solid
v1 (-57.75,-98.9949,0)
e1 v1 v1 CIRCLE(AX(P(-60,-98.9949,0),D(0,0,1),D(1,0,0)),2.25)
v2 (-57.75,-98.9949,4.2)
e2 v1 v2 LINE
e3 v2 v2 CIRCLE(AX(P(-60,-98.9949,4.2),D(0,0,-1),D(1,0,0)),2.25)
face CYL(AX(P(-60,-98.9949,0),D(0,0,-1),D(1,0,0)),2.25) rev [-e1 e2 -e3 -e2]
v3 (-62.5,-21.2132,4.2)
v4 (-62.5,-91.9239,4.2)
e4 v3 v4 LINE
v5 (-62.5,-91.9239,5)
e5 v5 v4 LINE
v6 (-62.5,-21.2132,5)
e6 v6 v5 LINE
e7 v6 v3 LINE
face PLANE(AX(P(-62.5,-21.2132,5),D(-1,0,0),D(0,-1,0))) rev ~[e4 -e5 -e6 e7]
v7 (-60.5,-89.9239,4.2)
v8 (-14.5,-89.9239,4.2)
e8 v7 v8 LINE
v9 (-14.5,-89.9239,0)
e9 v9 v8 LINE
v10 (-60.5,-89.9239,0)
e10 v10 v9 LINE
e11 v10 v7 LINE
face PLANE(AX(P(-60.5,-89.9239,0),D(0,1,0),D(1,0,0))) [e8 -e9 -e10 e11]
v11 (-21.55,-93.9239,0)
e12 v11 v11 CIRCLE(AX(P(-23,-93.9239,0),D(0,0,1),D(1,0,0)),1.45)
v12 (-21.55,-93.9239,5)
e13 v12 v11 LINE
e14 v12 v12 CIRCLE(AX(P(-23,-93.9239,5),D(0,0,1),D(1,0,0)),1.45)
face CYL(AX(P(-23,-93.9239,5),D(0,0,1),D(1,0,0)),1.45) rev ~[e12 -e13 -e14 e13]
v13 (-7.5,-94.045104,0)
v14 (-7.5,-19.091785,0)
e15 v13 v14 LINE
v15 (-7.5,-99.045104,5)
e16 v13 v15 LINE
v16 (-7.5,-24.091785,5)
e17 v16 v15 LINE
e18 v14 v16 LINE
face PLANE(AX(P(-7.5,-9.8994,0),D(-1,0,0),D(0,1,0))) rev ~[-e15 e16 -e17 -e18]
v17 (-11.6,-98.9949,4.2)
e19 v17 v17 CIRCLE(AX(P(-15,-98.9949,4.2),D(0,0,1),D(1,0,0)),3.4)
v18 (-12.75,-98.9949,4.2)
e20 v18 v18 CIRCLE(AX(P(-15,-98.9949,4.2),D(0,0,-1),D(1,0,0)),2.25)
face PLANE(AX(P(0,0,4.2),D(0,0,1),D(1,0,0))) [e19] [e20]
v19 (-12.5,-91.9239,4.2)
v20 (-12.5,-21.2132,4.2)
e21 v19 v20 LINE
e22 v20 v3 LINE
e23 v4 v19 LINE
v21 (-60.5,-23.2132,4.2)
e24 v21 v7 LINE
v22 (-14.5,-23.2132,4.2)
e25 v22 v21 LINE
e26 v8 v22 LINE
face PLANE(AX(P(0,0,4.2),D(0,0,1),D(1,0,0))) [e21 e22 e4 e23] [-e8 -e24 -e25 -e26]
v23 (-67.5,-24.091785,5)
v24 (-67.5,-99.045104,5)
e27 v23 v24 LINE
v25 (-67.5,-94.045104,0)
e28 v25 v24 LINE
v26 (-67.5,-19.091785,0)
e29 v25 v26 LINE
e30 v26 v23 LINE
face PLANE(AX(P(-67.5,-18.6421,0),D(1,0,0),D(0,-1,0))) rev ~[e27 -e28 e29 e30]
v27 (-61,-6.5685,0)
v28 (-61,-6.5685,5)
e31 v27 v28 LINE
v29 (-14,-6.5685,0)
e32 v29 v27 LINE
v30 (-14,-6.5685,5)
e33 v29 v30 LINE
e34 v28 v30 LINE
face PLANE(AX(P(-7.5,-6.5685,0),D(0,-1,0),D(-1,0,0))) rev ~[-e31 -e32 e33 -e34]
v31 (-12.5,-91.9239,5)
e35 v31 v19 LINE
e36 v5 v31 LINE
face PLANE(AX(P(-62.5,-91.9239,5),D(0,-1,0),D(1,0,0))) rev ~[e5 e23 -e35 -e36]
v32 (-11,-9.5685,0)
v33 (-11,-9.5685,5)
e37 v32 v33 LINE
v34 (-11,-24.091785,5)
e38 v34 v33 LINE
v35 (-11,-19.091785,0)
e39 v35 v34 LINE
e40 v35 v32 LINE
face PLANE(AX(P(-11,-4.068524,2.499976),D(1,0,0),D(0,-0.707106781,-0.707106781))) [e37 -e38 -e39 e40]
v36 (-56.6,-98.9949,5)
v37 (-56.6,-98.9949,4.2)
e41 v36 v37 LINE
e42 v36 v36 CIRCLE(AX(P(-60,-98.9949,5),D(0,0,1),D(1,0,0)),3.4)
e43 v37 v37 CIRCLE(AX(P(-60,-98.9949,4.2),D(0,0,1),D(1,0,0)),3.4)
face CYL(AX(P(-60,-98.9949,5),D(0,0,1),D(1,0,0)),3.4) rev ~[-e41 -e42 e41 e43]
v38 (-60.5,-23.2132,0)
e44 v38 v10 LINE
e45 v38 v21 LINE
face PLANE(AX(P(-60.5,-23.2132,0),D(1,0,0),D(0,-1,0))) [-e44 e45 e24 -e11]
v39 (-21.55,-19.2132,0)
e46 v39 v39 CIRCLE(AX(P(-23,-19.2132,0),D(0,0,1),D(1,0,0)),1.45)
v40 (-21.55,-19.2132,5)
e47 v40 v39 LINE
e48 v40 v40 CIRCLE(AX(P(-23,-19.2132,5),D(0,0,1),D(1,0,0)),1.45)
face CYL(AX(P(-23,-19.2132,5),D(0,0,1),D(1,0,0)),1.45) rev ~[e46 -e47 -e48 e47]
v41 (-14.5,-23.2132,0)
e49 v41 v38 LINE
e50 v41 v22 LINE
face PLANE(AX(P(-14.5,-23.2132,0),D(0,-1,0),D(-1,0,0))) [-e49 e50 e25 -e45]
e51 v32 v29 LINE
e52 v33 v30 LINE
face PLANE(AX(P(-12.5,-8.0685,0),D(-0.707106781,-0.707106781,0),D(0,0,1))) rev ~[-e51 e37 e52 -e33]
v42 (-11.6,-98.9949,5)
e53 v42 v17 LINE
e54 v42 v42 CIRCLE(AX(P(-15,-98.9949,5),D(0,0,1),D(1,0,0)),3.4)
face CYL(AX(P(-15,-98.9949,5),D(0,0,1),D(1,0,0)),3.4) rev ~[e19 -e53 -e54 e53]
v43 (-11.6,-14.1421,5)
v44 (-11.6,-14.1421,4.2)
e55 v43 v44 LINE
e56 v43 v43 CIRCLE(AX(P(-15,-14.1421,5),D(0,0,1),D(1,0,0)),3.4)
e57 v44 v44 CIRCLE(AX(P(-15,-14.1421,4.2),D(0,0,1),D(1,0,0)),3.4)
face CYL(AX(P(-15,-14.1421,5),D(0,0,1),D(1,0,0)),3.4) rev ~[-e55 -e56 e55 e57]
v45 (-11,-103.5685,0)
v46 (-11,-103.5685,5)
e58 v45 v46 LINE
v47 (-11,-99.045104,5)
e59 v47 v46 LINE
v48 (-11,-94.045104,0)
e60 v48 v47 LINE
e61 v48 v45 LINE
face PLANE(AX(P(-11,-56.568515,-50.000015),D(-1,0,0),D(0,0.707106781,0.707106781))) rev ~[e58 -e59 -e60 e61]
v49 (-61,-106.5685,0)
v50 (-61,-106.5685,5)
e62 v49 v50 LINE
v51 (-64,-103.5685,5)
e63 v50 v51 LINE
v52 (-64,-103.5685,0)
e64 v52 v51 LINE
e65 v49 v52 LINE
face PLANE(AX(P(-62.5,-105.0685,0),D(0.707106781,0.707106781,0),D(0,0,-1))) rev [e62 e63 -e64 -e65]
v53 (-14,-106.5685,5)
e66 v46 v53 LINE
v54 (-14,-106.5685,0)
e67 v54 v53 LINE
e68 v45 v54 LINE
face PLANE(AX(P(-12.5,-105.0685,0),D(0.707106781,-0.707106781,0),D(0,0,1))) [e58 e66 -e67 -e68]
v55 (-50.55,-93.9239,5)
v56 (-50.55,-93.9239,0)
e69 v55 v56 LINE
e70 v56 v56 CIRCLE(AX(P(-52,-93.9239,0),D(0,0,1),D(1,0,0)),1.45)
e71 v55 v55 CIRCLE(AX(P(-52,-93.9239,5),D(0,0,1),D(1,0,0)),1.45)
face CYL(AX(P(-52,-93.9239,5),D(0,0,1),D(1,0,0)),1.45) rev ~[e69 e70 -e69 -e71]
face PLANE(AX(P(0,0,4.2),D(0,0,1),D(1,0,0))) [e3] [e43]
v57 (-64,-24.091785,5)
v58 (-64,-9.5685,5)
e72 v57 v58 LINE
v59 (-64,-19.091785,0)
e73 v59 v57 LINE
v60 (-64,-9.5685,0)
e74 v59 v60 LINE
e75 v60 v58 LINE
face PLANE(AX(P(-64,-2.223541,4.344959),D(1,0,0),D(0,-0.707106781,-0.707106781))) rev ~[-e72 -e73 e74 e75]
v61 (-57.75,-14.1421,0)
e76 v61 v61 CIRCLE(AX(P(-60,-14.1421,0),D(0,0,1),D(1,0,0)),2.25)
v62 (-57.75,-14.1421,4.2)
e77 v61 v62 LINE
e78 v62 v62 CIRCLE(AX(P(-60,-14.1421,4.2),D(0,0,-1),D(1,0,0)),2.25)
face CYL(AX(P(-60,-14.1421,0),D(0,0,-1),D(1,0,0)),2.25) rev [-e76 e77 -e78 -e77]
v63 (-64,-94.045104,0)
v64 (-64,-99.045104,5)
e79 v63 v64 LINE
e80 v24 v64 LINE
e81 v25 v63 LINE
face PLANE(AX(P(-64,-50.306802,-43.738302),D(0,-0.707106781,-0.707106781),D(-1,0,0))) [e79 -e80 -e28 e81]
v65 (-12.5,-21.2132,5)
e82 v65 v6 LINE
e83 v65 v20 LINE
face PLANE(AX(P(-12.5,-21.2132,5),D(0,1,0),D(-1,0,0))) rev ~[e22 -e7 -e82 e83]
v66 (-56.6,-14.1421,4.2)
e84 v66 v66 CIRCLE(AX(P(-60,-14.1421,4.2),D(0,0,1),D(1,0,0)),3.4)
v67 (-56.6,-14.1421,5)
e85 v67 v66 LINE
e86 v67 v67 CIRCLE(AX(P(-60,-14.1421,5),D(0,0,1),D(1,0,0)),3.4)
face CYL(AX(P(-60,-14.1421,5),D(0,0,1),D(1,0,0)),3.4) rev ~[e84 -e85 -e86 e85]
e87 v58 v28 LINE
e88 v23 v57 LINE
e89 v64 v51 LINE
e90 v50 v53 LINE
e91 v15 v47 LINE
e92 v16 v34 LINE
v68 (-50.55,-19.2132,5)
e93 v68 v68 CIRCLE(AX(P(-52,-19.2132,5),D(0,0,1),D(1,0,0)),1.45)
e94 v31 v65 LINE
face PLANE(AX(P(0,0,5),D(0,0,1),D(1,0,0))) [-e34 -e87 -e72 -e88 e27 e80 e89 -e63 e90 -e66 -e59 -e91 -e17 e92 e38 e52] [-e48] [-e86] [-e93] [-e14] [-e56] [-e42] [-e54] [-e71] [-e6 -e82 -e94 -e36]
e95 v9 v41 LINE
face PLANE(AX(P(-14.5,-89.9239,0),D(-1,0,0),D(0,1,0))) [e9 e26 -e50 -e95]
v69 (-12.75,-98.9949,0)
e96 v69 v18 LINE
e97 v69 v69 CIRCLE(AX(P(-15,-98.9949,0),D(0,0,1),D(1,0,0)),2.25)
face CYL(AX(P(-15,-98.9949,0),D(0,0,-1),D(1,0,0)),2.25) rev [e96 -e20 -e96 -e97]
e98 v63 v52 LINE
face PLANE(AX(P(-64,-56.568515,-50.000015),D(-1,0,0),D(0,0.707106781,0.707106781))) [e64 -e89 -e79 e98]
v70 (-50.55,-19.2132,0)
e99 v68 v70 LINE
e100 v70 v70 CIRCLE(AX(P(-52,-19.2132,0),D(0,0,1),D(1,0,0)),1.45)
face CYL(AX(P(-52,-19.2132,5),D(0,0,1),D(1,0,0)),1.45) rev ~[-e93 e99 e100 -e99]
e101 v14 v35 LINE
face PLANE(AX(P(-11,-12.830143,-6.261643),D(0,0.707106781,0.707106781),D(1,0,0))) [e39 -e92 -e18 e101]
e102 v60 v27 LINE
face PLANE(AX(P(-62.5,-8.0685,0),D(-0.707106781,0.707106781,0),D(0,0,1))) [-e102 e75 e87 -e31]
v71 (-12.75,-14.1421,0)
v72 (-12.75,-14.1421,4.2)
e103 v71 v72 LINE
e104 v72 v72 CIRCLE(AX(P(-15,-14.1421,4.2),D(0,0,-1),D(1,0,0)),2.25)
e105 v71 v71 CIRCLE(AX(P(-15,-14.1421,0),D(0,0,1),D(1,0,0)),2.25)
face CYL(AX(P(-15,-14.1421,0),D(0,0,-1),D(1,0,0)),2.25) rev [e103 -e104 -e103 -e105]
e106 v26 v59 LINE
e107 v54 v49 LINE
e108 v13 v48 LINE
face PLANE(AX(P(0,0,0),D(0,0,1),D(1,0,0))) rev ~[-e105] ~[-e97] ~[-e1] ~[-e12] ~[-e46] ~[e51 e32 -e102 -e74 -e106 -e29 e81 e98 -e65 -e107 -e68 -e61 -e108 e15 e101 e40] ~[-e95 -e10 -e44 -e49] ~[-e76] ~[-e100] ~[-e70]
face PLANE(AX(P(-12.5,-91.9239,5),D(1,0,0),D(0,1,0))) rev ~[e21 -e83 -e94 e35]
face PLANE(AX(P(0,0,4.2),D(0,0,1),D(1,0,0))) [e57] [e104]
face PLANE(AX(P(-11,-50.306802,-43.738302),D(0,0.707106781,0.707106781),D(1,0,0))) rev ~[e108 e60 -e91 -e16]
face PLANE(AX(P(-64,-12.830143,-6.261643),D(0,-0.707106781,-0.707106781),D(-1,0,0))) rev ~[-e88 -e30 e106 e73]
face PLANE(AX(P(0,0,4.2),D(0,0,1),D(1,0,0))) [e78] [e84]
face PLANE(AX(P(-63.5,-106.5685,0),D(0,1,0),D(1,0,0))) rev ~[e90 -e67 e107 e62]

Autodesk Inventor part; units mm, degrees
ref_plane "YZ Plane" through (0, 0, 0) normal (1, 0, 0) x (0, 1, 0)
ref_plane "XZ Plane" through (0, 0, 0) normal (0, 1, 0) x (-1, 0, 0)
ref_plane "XY Plane" through (0, 0, 0) normal (0, 0, 1) x (1, 0, 0)
sketch "Szkic1" plane through (0, 0, 0) normal (0, 0, 1) x (1, 0, 0)
  circle A0 centre (-15, -14.1421) radius 2 projected
  circle A1 centre (-60, -14.1421) radius 2 projected
  circle A2 centre (-15, -98.9949) radius 2 projected
  circle A3 centre (-60, -98.9949) radius 2 projected
  line L0 (-75, -84.8528) -> (0, -84.8528) construction
  line L1 (-75, -27.2843) -> (0, -27.2843) construction
  line L2 (-12.5, -21.2132) -> (-62.5, -21.2132) construction
  line L3 (-62.5, -21.2132) -> (-62.5, -91.9239) construction
  line L4 (-62.5, -91.9239) -> (-12.5, -91.9239) construction
  line L5 (-12.5, -91.9239) -> (-12.5, -21.2132) construction
  line L6 (-15, -98.9949) -> (-60, -14.1421) construction
  line L7 (-15, -14.1421) -> (-60, -98.9949) construction
  line L8 (-7.5, -6.5685) -> (-67.5, -6.5685)
  line L9 (-67.5, -6.5685) -> (-67.5, -106.5685)
  line L10 (-67.5, -106.5685) -> (-7.5, -106.5685)
  line L11 (-7.5, -106.5685) -> (-7.5, -6.5685)
  circle A4 centre (-15, -14.1421) radius 2.25
  circle A5 centre (-60, -14.1421) radius 2.25
  circle A6 centre (-60, -98.9949) radius 2.25
  circle A7 centre (-15, -98.9949) radius 2.25
  line L12 (-12.5, -21.2132) -> (-62.5, -21.2132)
  line L13 (-62.5, -21.2132) -> (-62.5, -91.9239)
  line L14 (-62.5, -91.9239) -> (-12.5, -91.9239)
  line L15 (-12.5, -91.9239) -> (-12.5, -21.2132)
  line L16 (-14.5, -23.2132) -> (-60.5, -23.2132)
  line L17 (-60.5, -23.2132) -> (-60.5, -89.9239)
  line L18 (-60.5, -89.9239) -> (-14.5, -89.9239)
  line L19 (-14.5, -89.9239) -> (-14.5, -23.2132)
  ellipse E0 centre (-7.5, -14.1421) end of major axis (-7.5, -18.3848) minor radius 3 projected
  ellipse E1 centre (-67.5, -14.1421) end of major axis (-67.5, -18.3848) minor radius 3 projected
  ellipse E2 centre (-67.5, -98.9949) end of major axis (-67.5, -103.2376) minor radius 3 projected
  ellipse E3 centre (-7.5, -98.9949) end of major axis (-7.5, -103.2376) minor radius 3 projected
  line L20 (-11.5, -94.4949) -> (-11.5, -106.5685)
  line L21 (-11.5, -94.4949) -> (-7.5, -94.4949)
  line L22 (-37.5, -106.5685) -> (-37.5, -6.5685) construction
  line L23 (-63.5, -94.4949) -> (-63.5, -106.5685)
  line L24 (-63.5, -94.4949) -> (-67.5, -94.4949)
  line L25 (-7.5, -56.5685) -> (-67.5, -56.5685) construction
  line L26 (-11.5, -18.6421) -> (-11.5, -6.5685)
  line L27 (-11.5, -18.6421) -> (-7.5, -18.6421)
  line L28 (-63.5, -18.6421) -> (-63.5, -6.5685)
  line L29 (-63.5, -18.6421) -> (-67.5, -18.6421)
  point P0 (0, 0)
  point P1 (-37.5, -56.5685)
  point P2 (-37.5, -91.9239)
  point P3 (-12.5, -56.5685)
  point P4 (-37.5, -56.5685)
  dimension "d0" = 50
  dimension "d1" = 70.7107
  dimension "d2" = 4.5
  dimension "d3" = 2
  dimension "d4" = 60
  dimension "d5" = 100
  dimension "d15" = 4
  dimension "d16" = 4.5
extrude "Wyciągnięcie proste1" add sketch "Szkic1" along normal blind 5 contours L11 E0 L27 L26 L8 | L26 L27 L11 L21 L20 L10 L23 L24 L9 L29 L28 L8 | L11 E0 | L28 L29 L9 E1 L8 | E1 L9 | L11 E3 L10 L20 L21 | L24 L23 L10 L9 E2 | L11 E3 | E2 L9 | L15 L14 L13 L12 picked at (-8.4985, -14.0649) picked at (-66.5015, -14.2193) picked at (-8.4985, -98.9177) picked at (-66.5015, -99.0721)
sketch "Szkic2" plane through (0, 0, 5) normal (0, 0, 1) x (1, 0, 0)
  line L0 (-62.5, -21.2132) -> (-62.5, -91.9239) projected
  line L1 (-12.5, -21.2132) -> (-62.5, -21.2132) construction
  line L2 (-12.5, -91.9239) -> (-12.5, -21.2132) projected
  line L3 (-62.5, -91.9239) -> (-12.5, -91.9239) construction
  line L4 (-12.5, -21.2132) -> (-62.5, -21.2132)
  line L5 (-62.5, -21.2132) -> (-62.5, -91.9239)
  line L6 (-62.5, -91.9239) -> (-12.5, -91.9239)
  line L7 (-12.5, -91.9239) -> (-12.5, -21.2132)
  circle A0 centre (-15, -14.1421) radius 3.4
  circle A1 centre (-60, -14.1421) radius 3.4
  circle A2 centre (-60, -98.9949) radius 3.4
  circle A3 centre (-15, -98.9949) radius 3.4
  point P0 (0, 0)
  dimension "d10" = 6.8
  dimension "d11" = 6.8
extrude "Wyciągnięcie proste2" cut sketch "Szkic2" against normal blind 0.8
chamfer "Faza1" distance 3 angle 45 4 edges at (-7.5, -106.5685, 2.5) (-67.5, -106.5685, 2.5) (-67.5, -6.5685, 2.5) (-7.5, -6.5685, 2.5)
sketch "Szkic3" plane through (0, 0, 5) normal (0, 0, 1) x (1, 0, 0)
  point P0 (0, 0)
ref_plane "Płaszczyzna konstrukcyjna1" through (-7.5, -6.5685, 0) normal (0, 0.7071, -0.7071) x (-1, 0, 0)
sketch "Szkic4" plane through (-7.5, -6.5685, 0) normal (0, 0.7071, -0.7071) x (-1, 0, 0)
  circle A0 centre (0, -65.3553) radius 3 projected
  circle A1 centre (0, -5.3553) radius 3 projected
  circle A2 centre (60, -65.3553) radius 3 projected
  circle A3 centre (60, -5.3553) radius 3 projected
  line L0 (0, -68.5894) -> (0, -2.1213) projected
  line L1 (57, -70.7107) -> (3, -70.7107) projected
  line L2 (3, 3.5355) -> (57, 3.5355) projected
  line L3 (0, -76.8553) -> (3.5, -76.8553)
  line L4 (3.5, -76.8553) -> (3.5, -61.8553)
  line L5 (3.5, -61.8553) -> (0, -61.8553)
  line L6 (0, -61.8553) -> (0, -76.8553)
  line L7 (0, -65.3553) -> (0, -5.3553) construction
  line L8 (0, -5.3553) -> (60, -5.3553) construction
  line L9 (0, -35.3553) -> (60, -35.3553) construction
  line L10 (60, -2.1213) -> (60, -68.5894) construction
  line L11 (30, -70.7107) -> (30, -5.3553) construction
  line L12 (0, 6.1447) -> (3.5, 6.1447)
  line L13 (3.5, 6.1447) -> (3.5, -8.8553)
  line L14 (3.5, -8.8553) -> (0, -8.8553)
  line L15 (0, -8.8553) -> (0, 6.1447)
  line L16 (60, -76.8553) -> (56.5, -76.8553)
  line L17 (56.5, -76.8553) -> (56.5, -61.8553)
  line L18 (56.5, -61.8553) -> (60, -61.8553)
  line L19 (60, -61.8553) -> (60, -76.8553)
  line L20 (56.5, 6.1447) -> (56.5, -8.8553)
  line L21 (60, 6.1447) -> (56.5, 6.1447)
  line L22 (60, -8.8553) -> (60, 6.1447)
  line L23 (56.5, -8.8553) -> (60, -8.8553)
  point P0 (-7.5, 4.6447)
  point P1 (56.5, -70.7107)
  point P2 (0, -8.3553)
  point P3 (0, -8.8553)
  point P4 (0, -2.1213)
  point P5 (0, -2.3553)
  point P6 (3.5, -70.7107)
  point P7 (0, -61.8553)
  point P8 (60, -68.3553)
  point P9 (60, -62.3553)
  point P10 (60, -8.3553)
  point P11 (60, -2.3553)
  point P12 (0, -62.3553)
  point P13 (0, -68.3553)
  dimension "d18" = 3.5
  dimension "d19" = 15
  dimension "d22" = 3.5
extrude "Wyciągnięcie proste3" cut sketch "Szkic4" against normal through all contours A0 L0 | A0 L0 L5 L4 L3 L6 | L20 L21 L22 A3 L23 | L0 A1 L15 L12 L13 L14 | L17 L18 L19 A2 L16 | L0 A1 | A1 L0 | A2 L19 | L22 A3 picked at (1.6278, -64.5387) picked at (59.5353, -64.4698) picked at (59.296, -4.4408)
chamfer "Faza2" distance 3 angle 45 4 edges at (-11, -6.5685, 2.5) (-64, -6.5685, 2.5) (-11, -106.5685, 2.5) (-64, -106.5685, 2.5)
sketch "Szkic5" plane through (0, 0, 5) normal (0, 0, 1) x (1, 0, 0)
  point P0 (0, 0)
sketch "Szkic6" plane through (0, 0, 5) normal (0, 0, 1) x (1, 0, 0)
  circle A0 centre (-52, -19.2132) radius 1.45
  line L0 (-14, -6.5685) -> (-61, -6.5685) construction
  line L1 (-37.5, -6.5685) -> (-37.5, -106.5685) construction
  line L2 (-61, -106.5685) -> (-14, -106.5685) construction
  line L3 (-67.5, -19.0919) -> (-67.5, -94.0452) construction
  line L4 (-67.5, -56.5685) -> (-7.5, -56.5685) construction
  line L5 (-7.5, -94.0452) -> (-7.5, -19.0919) construction
  line L6 (-62.5, -21.2132) -> (-12.5, -21.2132) construction
  line L7 (-64, -9.5685) -> (-64, -24.0919) construction
  circle A1 centre (-23, -19.2132) radius 1.45
  circle A2 centre (-52, -93.9239) radius 1.45
  circle A3 centre (-23, -93.9239) radius 1.45
  point P0 (0, 0)
  dimension "d26" = 2.9
  dimension "d27" = 2
  dimension "d28" = 12
extrude "Wyciągnięcie proste4" cut sketch "Szkic6" against normal through all
properties part number "mirror_bracket"
